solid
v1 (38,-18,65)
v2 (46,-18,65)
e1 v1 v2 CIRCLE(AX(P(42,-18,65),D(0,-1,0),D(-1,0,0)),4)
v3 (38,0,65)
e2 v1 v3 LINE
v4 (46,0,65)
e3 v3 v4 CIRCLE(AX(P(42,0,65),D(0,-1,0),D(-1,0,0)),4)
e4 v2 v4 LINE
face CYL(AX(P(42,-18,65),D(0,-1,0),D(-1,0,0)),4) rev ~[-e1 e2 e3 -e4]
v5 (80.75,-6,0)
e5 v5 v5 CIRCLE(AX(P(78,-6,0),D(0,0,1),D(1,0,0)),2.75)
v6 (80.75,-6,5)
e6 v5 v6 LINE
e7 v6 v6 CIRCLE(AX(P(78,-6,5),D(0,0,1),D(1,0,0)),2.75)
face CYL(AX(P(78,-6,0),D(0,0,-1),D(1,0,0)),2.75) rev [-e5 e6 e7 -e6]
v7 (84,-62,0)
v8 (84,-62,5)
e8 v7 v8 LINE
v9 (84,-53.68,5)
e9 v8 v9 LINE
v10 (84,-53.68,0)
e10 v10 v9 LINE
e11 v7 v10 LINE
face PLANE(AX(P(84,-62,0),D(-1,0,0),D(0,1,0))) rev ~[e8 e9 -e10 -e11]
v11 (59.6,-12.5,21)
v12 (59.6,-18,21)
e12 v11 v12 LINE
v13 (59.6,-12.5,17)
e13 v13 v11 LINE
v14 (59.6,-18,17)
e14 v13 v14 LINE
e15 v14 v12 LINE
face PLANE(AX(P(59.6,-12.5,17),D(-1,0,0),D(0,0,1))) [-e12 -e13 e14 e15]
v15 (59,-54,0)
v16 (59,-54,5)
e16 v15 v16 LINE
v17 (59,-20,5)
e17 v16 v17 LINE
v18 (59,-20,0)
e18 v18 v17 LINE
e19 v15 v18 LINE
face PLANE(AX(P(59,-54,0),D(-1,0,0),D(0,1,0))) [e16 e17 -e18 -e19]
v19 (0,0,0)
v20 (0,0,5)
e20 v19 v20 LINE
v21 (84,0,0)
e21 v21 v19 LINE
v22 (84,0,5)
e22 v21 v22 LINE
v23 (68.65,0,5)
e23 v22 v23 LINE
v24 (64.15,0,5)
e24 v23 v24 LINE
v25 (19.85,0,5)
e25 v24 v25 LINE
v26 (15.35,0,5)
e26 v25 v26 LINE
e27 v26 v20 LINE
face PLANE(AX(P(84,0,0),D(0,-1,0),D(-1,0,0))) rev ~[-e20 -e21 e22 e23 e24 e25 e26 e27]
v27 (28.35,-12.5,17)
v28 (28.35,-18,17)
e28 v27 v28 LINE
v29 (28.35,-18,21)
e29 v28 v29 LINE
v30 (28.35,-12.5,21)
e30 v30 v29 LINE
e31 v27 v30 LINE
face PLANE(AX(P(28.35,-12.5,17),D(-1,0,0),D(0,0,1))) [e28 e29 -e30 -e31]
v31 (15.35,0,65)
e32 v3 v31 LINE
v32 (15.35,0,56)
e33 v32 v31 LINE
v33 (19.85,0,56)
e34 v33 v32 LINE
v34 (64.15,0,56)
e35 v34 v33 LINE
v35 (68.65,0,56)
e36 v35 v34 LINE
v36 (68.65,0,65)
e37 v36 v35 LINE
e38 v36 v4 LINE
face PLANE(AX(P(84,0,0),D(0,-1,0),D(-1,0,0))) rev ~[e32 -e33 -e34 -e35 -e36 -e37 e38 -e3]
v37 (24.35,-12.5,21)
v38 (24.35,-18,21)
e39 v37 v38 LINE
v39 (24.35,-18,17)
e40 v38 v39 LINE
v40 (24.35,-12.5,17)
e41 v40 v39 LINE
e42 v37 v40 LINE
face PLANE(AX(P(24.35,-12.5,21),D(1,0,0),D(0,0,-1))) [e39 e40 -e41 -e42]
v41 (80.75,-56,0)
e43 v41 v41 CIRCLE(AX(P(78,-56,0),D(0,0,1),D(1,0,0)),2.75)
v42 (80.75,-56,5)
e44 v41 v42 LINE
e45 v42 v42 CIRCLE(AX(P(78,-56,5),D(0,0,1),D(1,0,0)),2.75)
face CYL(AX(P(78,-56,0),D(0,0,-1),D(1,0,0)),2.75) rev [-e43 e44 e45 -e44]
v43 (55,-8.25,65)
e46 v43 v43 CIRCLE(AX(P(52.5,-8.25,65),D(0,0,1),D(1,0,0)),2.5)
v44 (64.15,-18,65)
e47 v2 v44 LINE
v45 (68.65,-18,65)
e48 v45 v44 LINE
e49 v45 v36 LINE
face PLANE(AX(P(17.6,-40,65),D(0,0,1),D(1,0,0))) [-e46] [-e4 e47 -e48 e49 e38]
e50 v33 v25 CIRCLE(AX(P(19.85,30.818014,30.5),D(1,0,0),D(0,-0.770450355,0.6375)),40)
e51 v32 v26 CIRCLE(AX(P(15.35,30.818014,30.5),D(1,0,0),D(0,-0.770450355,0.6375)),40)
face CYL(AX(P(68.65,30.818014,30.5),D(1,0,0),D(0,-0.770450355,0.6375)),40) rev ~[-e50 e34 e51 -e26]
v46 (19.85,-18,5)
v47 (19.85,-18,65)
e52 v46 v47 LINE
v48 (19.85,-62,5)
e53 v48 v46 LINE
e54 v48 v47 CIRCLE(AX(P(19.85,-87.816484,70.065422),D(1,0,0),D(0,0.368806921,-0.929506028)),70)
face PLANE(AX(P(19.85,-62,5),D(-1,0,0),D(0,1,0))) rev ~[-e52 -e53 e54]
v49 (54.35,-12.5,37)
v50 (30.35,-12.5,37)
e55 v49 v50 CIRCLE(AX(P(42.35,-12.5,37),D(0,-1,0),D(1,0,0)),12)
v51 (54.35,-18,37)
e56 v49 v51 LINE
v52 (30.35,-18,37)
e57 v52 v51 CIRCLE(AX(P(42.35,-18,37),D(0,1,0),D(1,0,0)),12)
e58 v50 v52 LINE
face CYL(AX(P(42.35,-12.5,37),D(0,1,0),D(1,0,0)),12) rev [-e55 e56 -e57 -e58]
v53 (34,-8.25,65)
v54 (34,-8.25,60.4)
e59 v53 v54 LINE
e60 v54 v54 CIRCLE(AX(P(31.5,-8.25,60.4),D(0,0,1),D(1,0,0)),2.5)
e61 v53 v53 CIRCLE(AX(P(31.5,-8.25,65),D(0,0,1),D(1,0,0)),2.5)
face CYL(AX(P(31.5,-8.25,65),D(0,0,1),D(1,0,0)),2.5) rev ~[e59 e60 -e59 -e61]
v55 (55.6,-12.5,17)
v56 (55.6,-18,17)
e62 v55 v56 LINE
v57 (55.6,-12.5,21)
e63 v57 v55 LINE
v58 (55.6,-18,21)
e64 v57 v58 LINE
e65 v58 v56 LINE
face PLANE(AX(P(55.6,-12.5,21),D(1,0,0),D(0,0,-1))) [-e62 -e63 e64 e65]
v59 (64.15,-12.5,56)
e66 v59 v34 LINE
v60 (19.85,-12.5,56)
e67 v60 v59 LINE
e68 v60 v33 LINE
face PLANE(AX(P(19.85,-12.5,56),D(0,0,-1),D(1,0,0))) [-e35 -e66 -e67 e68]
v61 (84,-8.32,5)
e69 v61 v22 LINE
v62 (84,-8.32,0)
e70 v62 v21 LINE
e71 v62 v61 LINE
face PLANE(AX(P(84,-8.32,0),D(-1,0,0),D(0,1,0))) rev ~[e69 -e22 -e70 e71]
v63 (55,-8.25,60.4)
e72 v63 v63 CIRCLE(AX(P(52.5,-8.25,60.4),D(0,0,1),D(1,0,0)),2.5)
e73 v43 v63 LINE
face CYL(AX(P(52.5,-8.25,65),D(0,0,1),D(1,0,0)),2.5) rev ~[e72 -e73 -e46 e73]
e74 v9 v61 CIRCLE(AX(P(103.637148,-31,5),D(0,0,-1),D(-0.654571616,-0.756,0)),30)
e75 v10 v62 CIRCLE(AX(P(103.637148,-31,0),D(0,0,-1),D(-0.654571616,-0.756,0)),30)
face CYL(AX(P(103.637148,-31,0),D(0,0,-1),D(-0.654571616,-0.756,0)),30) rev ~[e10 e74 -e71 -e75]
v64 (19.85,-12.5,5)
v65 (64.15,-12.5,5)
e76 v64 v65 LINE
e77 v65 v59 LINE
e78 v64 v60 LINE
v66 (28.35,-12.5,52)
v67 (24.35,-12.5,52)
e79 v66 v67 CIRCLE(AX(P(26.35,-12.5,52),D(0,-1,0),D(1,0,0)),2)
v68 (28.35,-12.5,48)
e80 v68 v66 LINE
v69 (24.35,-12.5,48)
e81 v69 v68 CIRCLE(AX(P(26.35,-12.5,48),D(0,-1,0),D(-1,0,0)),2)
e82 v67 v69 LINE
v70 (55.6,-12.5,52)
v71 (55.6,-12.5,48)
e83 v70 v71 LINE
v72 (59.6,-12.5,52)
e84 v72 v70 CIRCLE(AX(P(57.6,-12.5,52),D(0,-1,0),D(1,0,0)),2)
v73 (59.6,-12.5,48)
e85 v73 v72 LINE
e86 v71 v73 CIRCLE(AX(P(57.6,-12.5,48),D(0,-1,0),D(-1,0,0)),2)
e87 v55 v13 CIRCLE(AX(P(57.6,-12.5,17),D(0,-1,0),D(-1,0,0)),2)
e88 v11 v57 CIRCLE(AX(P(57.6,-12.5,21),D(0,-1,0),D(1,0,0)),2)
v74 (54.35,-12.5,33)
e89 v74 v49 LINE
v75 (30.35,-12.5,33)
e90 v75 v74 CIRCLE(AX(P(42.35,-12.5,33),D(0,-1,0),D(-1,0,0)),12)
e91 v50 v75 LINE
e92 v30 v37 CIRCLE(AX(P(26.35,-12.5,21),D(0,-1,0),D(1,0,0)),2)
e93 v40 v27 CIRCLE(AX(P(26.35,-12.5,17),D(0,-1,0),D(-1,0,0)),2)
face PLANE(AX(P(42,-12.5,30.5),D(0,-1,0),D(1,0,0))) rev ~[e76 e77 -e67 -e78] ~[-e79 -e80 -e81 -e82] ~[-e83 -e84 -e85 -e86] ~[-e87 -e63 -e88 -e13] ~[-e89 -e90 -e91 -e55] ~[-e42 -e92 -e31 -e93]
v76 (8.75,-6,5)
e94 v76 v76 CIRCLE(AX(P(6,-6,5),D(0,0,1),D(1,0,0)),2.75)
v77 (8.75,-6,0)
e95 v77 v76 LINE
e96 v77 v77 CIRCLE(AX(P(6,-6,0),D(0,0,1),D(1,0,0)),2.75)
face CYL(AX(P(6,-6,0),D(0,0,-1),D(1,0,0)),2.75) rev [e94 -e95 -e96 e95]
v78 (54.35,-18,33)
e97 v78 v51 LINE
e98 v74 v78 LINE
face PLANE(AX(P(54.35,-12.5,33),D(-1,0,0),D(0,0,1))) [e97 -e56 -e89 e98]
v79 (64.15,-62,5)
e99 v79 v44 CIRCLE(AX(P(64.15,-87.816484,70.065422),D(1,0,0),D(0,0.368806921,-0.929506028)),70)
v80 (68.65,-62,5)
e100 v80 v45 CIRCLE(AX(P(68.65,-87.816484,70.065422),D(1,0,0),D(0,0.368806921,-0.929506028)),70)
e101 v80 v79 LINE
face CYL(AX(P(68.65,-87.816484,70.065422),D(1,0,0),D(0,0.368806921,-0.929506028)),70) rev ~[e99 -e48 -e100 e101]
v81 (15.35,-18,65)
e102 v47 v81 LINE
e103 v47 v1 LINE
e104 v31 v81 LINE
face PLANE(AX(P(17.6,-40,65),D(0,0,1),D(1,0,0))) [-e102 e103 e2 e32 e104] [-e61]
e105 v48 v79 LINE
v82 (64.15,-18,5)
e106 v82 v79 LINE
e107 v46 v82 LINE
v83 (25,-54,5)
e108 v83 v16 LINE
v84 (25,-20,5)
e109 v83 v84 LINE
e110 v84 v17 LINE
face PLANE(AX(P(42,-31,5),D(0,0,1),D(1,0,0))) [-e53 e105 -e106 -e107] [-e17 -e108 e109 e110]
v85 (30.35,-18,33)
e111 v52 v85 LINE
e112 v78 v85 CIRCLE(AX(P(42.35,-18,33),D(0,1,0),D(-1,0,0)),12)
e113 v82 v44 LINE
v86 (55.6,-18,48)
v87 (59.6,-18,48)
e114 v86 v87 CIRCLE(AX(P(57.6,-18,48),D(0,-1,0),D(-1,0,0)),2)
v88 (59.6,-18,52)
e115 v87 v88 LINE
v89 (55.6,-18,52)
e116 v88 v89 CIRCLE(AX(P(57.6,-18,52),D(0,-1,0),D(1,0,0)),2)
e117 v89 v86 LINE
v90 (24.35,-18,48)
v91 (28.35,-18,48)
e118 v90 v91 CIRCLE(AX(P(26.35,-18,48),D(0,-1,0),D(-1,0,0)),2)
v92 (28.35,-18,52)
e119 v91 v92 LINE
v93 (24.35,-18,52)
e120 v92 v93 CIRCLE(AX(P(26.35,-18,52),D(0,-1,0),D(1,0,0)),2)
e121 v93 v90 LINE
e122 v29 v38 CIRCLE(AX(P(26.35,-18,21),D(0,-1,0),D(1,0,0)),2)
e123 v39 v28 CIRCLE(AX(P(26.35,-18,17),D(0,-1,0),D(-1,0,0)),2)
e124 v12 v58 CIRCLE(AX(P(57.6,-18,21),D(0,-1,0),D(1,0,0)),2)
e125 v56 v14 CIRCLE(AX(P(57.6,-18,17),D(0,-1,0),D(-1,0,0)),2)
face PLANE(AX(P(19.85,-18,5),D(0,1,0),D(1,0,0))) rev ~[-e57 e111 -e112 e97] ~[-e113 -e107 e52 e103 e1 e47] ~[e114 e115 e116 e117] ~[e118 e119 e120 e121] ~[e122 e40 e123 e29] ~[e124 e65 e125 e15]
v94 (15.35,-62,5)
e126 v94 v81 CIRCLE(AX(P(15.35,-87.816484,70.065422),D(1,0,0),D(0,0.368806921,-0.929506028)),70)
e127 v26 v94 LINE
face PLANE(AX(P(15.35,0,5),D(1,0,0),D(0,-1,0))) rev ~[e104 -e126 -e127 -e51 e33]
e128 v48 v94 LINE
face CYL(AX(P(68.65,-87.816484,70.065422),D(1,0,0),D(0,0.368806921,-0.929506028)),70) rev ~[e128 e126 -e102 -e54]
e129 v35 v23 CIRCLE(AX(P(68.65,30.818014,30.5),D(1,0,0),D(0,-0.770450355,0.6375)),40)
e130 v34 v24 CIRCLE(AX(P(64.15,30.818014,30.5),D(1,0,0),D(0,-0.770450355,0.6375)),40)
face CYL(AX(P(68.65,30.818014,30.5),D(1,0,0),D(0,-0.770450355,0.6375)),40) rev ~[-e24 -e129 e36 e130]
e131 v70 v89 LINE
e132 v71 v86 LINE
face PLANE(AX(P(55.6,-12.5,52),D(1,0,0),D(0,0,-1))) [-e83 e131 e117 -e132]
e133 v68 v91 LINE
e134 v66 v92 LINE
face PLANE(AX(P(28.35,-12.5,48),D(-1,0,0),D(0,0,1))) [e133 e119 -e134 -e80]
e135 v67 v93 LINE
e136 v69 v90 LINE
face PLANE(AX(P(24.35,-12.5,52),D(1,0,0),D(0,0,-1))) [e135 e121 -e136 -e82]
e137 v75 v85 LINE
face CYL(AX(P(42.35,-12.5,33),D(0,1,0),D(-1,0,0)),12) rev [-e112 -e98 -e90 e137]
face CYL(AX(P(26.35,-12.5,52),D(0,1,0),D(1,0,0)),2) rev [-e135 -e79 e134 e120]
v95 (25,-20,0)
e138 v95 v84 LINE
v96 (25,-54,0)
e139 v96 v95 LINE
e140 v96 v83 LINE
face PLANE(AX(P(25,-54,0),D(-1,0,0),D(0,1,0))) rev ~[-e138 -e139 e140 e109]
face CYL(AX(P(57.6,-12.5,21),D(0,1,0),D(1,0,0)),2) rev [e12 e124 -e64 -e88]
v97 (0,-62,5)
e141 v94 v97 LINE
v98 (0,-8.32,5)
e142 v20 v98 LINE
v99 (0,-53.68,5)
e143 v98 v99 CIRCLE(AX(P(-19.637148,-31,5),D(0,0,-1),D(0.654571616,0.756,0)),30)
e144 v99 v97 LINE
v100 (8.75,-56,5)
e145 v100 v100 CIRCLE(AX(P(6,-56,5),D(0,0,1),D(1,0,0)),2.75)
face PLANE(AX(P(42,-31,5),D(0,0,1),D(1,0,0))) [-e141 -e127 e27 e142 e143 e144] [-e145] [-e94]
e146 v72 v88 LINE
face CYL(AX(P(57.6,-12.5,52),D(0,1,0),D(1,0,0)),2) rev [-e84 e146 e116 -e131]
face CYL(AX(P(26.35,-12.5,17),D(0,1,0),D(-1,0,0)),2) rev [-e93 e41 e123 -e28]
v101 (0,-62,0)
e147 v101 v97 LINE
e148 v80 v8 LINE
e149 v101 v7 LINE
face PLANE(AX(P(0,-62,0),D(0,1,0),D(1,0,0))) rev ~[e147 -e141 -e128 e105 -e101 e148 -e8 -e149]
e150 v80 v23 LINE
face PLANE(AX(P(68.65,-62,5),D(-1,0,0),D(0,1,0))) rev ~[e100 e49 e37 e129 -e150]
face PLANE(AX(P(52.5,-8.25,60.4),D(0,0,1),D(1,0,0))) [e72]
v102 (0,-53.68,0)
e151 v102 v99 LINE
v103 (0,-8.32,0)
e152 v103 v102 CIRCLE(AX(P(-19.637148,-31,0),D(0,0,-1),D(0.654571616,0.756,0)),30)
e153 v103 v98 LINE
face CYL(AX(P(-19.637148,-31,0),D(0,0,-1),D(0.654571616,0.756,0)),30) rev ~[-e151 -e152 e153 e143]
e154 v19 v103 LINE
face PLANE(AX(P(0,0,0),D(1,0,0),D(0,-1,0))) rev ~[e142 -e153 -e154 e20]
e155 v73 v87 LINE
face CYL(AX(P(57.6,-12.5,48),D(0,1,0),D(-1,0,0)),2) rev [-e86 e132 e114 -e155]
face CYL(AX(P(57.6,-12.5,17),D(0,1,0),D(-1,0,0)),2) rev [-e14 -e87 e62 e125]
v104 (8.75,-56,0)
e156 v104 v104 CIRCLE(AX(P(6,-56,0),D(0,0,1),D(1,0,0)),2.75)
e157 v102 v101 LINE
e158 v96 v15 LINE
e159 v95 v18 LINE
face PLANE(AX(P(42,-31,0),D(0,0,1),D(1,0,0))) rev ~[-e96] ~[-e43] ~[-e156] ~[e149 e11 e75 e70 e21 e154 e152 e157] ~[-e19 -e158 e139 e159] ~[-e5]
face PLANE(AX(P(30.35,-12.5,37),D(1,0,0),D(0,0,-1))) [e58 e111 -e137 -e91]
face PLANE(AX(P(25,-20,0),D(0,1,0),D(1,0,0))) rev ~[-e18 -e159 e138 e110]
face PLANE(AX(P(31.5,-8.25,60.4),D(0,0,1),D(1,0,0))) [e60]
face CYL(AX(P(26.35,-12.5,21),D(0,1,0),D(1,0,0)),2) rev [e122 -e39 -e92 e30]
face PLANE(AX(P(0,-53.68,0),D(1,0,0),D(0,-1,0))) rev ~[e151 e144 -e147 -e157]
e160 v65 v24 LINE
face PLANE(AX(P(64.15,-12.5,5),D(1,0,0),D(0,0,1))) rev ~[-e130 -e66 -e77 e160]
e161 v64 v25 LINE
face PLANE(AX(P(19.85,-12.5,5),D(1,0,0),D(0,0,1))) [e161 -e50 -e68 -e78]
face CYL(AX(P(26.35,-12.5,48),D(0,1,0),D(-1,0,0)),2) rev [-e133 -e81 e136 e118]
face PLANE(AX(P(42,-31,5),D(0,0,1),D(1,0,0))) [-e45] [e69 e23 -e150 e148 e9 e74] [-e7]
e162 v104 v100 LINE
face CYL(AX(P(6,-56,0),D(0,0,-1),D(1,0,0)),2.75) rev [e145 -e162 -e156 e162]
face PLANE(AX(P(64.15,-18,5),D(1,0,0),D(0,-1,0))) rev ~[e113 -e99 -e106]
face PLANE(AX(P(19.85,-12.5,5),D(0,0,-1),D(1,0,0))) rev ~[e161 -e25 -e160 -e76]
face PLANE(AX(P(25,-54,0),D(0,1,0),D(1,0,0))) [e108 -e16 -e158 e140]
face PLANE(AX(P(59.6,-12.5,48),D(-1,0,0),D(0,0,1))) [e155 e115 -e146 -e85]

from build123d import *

# Parameters (mm, degrees)
SKETCH2_R                = 2.75
SKETCH2_W                = 34
SKETCH2_H                = 34
BOSS_EXTRUDE1_DEPTH      = 5
SKETCH3_W                = 4.5
SKETCH3_H                = 44
SKETCH3_H_2              = 18
SKETCH3_W_2              = 44.3
BOSS_EXTRUDE2_DEPTH      = 60
CUT_EXTRUDE1_DEPTH       = 16.35
CUT_EXTRUDE1_DEPTH_BACK  = 60
CUT_EXTRUDE3_DEPTH       = 16.35
CUT_EXTRUDE3_DEPTH_BACK  = 60
CUT_EXTRUDE6_REACH       = 25.5
CUT_EXTRUDE6_START       = -5.5
SKETCH9_W                = 44.3
SKETCH9_H                = 51
CUT_EXTRUDE7_DEPTH       = 5.5
LPATTERN1_COUNT          = 2
LPATTERN1_PITCH          = 31.25
LPATTERN2_COUNT          = 2
LPATTERN2_PITCH          = 31
LPATTERN2_COPY_1_DEPTH   = 5.5
CUT_EXTRUDE8_DEPTH       = 10
CUT_EXTRUDE10_DEPTH      = 45
CUT_EXTRUDE10_DEPTH_BACK = 19
SKETCH15_R               = 2.5
CUT_EXTRUDE11_DEPTH      = 4.6
LPATTERN3_COUNT          = 2
LPATTERN3_PITCH          = 21


with BuildPart() as part:
    # Sketch2 → Boss-Extrude1 (new body)
    with BuildSketch(Plane.XY):
        with BuildLine():
            Line((0, -53.68), (0, -62))
            Line((0, -62), (84, -62))
            Line((84, -62), (84, -53.68))
            ThreePointArc((84, -53.68), (73.637148469, -31), (84, -8.32))
            Line((84, -8.32), (84, 0))
            Line((84, 0), (0, 0))
            Line((0, 0), (0, -8.32))
            ThreePointArc((0, -8.32), (10.362851531, -31), (0, -53.68))
        make_face()
        with Locations((6, -6)):
            Circle(SKETCH2_R, mode=Mode.SUBTRACT)
        with Locations((78, -56)):
            Circle(SKETCH2_R, mode=Mode.SUBTRACT)
        with Locations((6, -56)):
            Circle(SKETCH2_R, mode=Mode.SUBTRACT)
        with Locations((78, -6)):
            Circle(SKETCH2_R, mode=Mode.SUBTRACT)
        with Locations((42, -37)):
            Rectangle(SKETCH2_W, SKETCH2_H, mode=Mode.SUBTRACT)
    extrude(amount=BOSS_EXTRUDE1_DEPTH)

    # Sketch3 → Boss-Extrude2 (add)
    with BuildSketch(Plane.XY.offset(5)):
        with Locations((17.6, -40)):
            Rectangle(SKETCH3_W, SKETCH3_H)
        with Locations((66.4, -40)):
            Rectangle(SKETCH3_W, SKETCH3_H)
        with Locations((66.4, -9)):
            Rectangle(SKETCH3_W, SKETCH3_H_2)
        with Locations((17.6, -9)):
            Rectangle(SKETCH3_W, SKETCH3_H_2)
        with Locations((42, -9)):
            Rectangle(SKETCH3_W_2, SKETCH3_H_2)
    extrude(amount=BOSS_EXTRUDE2_DEPTH)

    # Sketch6 → Cut-Extrude1 (cut, two sides)
    with BuildSketch(Plane(origin=(68.65, 0, 0), x_dir=(0, 0, -1), z_dir=(1, 0, 0))) as cut_extrude1_sk:
        with BuildLine():
            Line((62.328372383, -231.688052054), (-5, -62))
            ThreePointArc((-5, -62), (-28.669965475, -31.368134738), (-65, -18))
            Line((-65, -18), (-247.078635565, -4.789579558))
            Line((-247.078635565, -4.789579558), (-462.994068413, -299.219715259))
            Line((-462.994068413, -299.219715259), (-153.587060464, -526.118187755))
            Line((-153.587060464, -526.118187755), (62.328372383, -231.688052054))
        make_face()
    extrude(amount=CUT_EXTRUDE1_DEPTH, mode=Mode.SUBTRACT)
    extrude(cut_extrude1_sk.sketch, amount=-CUT_EXTRUDE1_DEPTH_BACK, mode=Mode.SUBTRACT)

    # Sketch7 → Cut-Extrude3 (cut, two sides)
    with BuildSketch(Plane(origin=(68.65, 0, 0), x_dir=(0, 0, -1), z_dir=(1, 0, 0))) as cut_extrude3_sk:
        with BuildLine():
            ThreePointArc((-56, 0), (-30.5, -9.181985788), (-5, 0))
            Line((-5, 0), (-56, 0))
        make_face()
    extrude(amount=CUT_EXTRUDE3_DEPTH, mode=Mode.SUBTRACT)
    extrude(cut_extrude3_sk.sketch, amount=-CUT_EXTRUDE3_DEPTH_BACK, mode=Mode.SUBTRACT)

    # Sketch9 → Cut-Extrude6 (cut, up to next)
    with BuildSketch(Plane.XZ.offset(18).offset(CUT_EXTRUDE6_START), mode=Mode.PRIVATE) as cut_extrude6_sk1:
        with Locations((42, 30.5)):
            Rectangle(SKETCH9_W, SKETCH9_H)
    cut_extrude6_tool1 = extrude(cut_extrude6_sk1.sketch, amount=-CUT_EXTRUDE6_REACH, mode=Mode.PRIVATE) & part.part
    add(cut_extrude6_tool1.solids().sort_by_distance((42, -12.5, 30.5))[0], mode=Mode.SUBTRACT)

    # Sketch10 → Cut-Extrude7 (cut)
    with BuildSketch(Plane(origin=(0, -12.5, 0), x_dir=(1, 0, 0), z_dir=(0, 1, 0))):
        with BuildLine():
            Line((28.35, -17), (28.35, -21))
            ThreePointArc((28.35, -21), (26.35, -23), (24.35, -21))
            Line((24.35, -21), (24.35, -17))
            ThreePointArc((24.35, -17), (26.35, -15), (28.35, -17))
        make_face()
    cut_extrude7 = extrude(amount=-CUT_EXTRUDE7_DEPTH, mode=Mode.SUBTRACT)

    # LPattern1: Cut-Extrude7 ×2
    with Locations(*[(i * LPATTERN1_PITCH, 0, 0) for i in range(1, LPATTERN1_COUNT)]):
        add(cut_extrude7, mode=Mode.SUBTRACT)

    # LPattern2: Cut-Extrude7 ×2
    with Locations(*[(0, 0, i * LPATTERN2_PITCH) for i in range(1, LPATTERN2_COUNT)]):
        add(cut_extrude7, mode=Mode.SUBTRACT)

    # LPattern2 copy 1 sketch → LPattern2 copy 1 (cut)
    with BuildSketch(Plane(origin=(31.25, -12.5, 31), x_dir=(1, 0, 0), z_dir=(0, 1, 0))):
        with BuildLine():
            Line((28.35, -17), (28.35, -21))
            ThreePointArc((28.35, -21), (26.35, -23), (24.35, -21))
            Line((24.35, -21), (24.35, -17))
            ThreePointArc((24.35, -17), (26.35, -15), (28.35, -17))
        make_face()
    extrude(amount=-LPATTERN2_COPY_1_DEPTH, mode=Mode.SUBTRACT)

    # Sketch11 → Cut-Extrude8 (cut)
    with BuildSketch(Plane(origin=(0, -12.5, 0), x_dir=(1, 0, 0), z_dir=(0, 1, 0))):
        with BuildLine():
            Line((54.35, -33), (54.35, -37))
            ThreePointArc((54.35, -37), (42.35, -49), (30.35, -37))
            Line((30.35, -37), (30.35, -33))
            ThreePointArc((30.35, -33), (42.35, -21), (54.35, -33))
        make_face()
    extrude(amount=-CUT_EXTRUDE8_DEPTH, mode=Mode.SUBTRACT)

    # Sketch14 → Cut-Extrude10 (cut, two sides)
    with BuildSketch(Plane.XZ.offset(18)) as cut_extrude10_sk:
        with BuildLine():
            Line((38, 234.260792413), (38, 65))
            ThreePointArc((38, 65), (42, 61), (46, 65))
            Line((46, 65), (46, 234.260792413))
            Line((46, 234.260792413), (46, 572.782377239))
            Line((46, 572.782377239), (38, 572.782377239))
            Line((38, 572.782377239), (38, 234.260792413))
        make_face()
    extrude(amount=CUT_EXTRUDE10_DEPTH, mode=Mode.SUBTRACT)
    extrude(cut_extrude10_sk.sketch, amount=-CUT_EXTRUDE10_DEPTH_BACK, mode=Mode.SUBTRACT)

    # Sketch15 → Cut-Extrude11 (cut)
    with BuildSketch(Plane.XY.offset(65)):
        with Locations((31.5, -8.25)):
            Circle(SKETCH15_R)
    cut_extrude11 = extrude(amount=-CUT_EXTRUDE11_DEPTH, mode=Mode.SUBTRACT)

    # LPattern3: Cut-Extrude11 ×2
    with Locations(*[(i * LPATTERN3_PITCH, 0, 0) for i in range(1, LPATTERN3_COUNT)]):
        add(cut_extrude11, mode=Mode.SUBTRACT)


solid = part.part
